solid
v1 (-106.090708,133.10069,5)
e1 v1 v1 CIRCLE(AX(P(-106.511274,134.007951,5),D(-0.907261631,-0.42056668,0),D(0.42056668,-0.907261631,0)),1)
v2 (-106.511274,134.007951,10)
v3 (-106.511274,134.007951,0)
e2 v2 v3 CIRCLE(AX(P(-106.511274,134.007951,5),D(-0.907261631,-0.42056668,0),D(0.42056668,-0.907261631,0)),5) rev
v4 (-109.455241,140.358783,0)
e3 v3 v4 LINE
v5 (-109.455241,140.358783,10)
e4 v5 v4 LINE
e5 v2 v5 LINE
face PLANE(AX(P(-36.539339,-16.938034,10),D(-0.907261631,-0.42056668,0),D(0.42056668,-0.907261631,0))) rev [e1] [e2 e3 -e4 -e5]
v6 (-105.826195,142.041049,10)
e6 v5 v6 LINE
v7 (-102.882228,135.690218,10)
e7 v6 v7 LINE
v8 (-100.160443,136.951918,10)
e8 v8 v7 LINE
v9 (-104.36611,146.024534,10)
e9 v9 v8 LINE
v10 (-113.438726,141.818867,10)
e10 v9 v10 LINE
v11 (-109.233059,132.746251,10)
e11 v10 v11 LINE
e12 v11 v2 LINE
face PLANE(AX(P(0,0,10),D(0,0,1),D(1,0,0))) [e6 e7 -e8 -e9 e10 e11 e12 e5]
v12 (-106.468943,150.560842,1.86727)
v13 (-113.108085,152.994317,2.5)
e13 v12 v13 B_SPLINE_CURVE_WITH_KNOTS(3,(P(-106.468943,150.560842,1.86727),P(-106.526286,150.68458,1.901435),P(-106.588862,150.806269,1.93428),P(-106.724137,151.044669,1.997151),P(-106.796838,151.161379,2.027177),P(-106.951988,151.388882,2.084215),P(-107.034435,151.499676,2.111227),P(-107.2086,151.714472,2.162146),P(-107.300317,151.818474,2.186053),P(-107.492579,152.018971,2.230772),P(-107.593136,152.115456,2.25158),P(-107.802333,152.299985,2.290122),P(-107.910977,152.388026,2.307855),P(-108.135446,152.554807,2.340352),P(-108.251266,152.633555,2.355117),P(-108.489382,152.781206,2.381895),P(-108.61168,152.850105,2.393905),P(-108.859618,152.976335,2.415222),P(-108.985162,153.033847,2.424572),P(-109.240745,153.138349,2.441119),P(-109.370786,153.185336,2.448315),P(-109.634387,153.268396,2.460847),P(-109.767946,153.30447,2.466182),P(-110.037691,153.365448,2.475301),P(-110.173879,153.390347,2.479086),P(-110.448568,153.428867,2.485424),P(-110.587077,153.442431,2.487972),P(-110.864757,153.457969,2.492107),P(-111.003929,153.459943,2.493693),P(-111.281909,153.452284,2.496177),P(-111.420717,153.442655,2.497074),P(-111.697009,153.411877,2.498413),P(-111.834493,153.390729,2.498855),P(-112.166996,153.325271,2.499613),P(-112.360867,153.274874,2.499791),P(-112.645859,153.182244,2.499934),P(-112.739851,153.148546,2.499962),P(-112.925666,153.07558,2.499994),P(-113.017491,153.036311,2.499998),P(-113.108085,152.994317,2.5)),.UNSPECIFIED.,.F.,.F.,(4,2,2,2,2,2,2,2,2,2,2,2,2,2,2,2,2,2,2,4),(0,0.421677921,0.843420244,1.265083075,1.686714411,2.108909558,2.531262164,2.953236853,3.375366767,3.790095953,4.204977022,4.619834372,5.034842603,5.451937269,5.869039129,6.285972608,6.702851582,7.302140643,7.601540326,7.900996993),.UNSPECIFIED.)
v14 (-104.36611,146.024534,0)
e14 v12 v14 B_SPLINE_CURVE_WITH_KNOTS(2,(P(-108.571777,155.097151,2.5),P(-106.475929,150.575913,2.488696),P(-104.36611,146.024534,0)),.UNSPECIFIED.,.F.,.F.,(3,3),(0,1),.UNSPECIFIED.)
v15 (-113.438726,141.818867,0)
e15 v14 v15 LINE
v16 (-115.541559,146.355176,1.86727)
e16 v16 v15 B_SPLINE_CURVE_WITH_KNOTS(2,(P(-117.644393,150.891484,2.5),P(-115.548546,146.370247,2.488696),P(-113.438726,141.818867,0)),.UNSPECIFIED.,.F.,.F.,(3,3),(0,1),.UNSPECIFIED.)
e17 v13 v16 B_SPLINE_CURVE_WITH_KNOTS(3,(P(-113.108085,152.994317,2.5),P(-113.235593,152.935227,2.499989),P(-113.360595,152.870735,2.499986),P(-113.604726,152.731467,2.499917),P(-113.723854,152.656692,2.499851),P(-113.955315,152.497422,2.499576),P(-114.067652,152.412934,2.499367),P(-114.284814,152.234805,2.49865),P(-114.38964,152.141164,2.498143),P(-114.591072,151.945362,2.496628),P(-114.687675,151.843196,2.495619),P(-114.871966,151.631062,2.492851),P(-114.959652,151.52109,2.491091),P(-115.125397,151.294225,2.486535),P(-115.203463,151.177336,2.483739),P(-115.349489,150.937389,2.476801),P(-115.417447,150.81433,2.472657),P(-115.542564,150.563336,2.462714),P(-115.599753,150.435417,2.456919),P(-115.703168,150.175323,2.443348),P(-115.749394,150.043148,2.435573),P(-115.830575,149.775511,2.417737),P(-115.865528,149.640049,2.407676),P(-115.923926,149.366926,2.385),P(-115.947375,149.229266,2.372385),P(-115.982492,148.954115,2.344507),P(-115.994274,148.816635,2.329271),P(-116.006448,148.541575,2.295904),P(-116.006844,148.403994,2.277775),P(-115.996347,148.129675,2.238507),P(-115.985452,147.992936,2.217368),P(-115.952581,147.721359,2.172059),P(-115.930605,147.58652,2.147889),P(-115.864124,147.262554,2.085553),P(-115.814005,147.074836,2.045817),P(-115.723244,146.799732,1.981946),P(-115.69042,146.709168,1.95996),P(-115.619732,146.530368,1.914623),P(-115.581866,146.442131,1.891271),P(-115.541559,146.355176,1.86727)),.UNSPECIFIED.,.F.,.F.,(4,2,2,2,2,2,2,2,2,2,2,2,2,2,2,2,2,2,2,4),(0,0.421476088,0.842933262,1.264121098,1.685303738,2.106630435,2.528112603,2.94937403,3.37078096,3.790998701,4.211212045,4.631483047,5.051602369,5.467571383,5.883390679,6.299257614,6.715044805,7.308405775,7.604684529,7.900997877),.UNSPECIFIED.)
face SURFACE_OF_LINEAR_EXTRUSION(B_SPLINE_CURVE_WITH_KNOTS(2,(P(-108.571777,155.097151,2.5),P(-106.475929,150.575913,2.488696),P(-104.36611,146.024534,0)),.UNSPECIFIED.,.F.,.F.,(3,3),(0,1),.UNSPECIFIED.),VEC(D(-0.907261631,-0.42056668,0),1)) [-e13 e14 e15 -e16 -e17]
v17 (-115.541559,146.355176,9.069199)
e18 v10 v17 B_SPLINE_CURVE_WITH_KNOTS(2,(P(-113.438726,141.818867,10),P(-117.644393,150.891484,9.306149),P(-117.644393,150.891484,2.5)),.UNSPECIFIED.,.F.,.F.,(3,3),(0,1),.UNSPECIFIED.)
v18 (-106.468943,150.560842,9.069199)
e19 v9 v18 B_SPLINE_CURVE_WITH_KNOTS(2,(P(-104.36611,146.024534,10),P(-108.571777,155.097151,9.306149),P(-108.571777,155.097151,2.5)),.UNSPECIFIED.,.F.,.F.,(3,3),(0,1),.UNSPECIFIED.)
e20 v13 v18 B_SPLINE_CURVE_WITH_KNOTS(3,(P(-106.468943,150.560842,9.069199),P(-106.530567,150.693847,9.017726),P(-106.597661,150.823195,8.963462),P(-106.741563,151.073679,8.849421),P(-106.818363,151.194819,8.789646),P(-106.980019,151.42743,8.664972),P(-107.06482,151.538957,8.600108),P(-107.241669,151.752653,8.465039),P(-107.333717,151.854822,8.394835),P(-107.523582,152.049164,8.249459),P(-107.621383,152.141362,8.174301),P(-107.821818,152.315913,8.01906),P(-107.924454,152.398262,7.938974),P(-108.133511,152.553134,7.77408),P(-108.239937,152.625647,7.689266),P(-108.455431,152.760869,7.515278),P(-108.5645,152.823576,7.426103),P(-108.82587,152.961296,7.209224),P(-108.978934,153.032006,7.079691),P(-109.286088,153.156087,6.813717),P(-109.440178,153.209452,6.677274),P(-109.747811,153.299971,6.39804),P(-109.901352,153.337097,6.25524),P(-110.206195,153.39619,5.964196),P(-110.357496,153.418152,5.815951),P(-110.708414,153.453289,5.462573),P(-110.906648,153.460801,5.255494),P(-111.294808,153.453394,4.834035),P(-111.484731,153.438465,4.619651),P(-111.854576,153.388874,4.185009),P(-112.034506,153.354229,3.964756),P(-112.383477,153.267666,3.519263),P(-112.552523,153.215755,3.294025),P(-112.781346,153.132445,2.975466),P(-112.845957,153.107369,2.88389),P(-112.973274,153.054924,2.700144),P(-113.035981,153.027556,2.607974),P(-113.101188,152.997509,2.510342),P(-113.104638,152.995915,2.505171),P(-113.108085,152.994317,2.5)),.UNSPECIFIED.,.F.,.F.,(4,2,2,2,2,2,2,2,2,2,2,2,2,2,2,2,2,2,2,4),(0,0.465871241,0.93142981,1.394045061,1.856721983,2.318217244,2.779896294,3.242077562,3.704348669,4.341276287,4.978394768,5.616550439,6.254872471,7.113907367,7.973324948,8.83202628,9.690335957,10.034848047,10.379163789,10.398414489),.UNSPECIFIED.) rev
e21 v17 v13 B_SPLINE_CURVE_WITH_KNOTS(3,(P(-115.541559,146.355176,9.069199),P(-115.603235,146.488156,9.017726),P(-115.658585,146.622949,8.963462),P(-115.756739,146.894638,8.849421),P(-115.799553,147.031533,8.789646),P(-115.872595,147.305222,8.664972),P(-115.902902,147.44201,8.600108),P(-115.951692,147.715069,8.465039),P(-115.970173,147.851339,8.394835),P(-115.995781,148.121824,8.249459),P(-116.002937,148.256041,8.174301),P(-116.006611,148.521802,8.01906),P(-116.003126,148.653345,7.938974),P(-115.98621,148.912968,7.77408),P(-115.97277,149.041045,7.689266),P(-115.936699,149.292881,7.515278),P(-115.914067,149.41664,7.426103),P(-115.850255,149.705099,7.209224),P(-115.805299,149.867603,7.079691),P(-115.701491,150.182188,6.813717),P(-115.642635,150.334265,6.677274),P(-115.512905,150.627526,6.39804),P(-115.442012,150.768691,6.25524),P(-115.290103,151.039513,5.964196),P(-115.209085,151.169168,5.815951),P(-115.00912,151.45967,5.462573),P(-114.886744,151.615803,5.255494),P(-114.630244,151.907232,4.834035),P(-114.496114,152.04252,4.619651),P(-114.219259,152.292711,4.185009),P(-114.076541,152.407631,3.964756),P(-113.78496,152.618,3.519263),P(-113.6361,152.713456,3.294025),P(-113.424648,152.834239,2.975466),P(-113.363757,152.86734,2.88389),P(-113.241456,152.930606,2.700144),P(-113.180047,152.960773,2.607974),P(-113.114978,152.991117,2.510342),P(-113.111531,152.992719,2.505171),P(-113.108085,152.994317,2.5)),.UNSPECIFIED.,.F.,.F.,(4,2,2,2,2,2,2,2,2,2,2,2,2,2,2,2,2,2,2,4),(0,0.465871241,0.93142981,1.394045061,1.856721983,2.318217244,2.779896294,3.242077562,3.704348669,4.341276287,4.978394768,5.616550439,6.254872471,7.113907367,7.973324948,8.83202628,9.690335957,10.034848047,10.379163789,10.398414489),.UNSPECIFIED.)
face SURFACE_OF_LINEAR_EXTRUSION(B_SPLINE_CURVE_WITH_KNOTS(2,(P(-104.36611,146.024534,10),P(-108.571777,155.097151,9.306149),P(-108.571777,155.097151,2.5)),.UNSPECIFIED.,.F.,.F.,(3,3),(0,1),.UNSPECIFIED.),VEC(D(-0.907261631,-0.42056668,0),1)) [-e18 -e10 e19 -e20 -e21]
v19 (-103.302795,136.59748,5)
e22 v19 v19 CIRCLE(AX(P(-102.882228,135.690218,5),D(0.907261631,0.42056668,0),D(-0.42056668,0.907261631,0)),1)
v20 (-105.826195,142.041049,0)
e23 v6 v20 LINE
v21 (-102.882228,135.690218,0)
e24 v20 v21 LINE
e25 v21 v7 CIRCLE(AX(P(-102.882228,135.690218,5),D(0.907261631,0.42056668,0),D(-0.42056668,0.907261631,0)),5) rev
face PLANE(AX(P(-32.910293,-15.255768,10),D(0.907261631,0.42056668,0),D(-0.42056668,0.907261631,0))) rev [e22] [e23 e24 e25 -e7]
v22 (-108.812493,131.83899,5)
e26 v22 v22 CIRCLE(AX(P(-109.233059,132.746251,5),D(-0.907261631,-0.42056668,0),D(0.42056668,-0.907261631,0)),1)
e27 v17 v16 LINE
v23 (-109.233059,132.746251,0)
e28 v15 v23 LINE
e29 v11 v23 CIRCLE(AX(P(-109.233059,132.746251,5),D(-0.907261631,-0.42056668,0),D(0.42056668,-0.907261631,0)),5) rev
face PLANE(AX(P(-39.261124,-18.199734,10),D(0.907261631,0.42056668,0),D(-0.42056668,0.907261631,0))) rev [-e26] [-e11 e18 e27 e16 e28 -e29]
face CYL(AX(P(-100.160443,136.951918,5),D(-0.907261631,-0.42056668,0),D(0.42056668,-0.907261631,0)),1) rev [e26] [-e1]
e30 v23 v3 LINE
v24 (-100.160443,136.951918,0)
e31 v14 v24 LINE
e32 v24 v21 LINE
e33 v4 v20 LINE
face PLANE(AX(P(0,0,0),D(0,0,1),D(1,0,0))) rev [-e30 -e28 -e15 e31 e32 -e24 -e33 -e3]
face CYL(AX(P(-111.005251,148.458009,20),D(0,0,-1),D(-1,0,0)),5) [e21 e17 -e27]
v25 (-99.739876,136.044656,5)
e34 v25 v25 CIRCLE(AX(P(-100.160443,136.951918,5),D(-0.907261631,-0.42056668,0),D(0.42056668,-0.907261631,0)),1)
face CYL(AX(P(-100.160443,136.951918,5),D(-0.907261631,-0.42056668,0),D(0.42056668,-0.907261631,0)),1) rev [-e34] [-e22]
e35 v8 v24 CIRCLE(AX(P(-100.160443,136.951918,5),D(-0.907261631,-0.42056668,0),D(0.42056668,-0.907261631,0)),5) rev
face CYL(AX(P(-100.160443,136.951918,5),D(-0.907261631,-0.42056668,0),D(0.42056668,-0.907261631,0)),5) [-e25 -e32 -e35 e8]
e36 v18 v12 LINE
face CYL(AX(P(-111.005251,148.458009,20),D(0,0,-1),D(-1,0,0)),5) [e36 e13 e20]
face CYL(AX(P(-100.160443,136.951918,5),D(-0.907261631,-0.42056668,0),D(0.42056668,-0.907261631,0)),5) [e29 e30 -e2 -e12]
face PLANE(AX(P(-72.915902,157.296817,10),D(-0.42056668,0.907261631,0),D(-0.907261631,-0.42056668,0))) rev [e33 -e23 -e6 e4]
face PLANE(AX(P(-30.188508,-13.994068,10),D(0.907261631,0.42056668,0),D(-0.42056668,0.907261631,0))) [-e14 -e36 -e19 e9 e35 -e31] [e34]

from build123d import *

# Parameters (mm, degrees)
BOSS_EXTRU_1_DEPTH      = 10
ESQUISSE2_R             = 1
ENL_V_MAT_EXTRU_1_DEPTH = 10
ENL_V_MAT_EXTRU_3_DEPTH = 20


with BuildPart() as part:
    # Esquisse1 → Boss.-Extru.1 (new body)
    with BuildSketch(Plane.XY):
        Polygon((-108.571776559, 155.097150605), (-117.644392871, 150.891483803), (-107.130225868, 128.209943022), (-104.408440974, 129.471643062), (-109.455241136, 140.358782637), (-105.826194611, 142.041049358), (-100.779394449, 131.153909783), (-98.057609555, 132.415609823), align=None)
    extrude(amount=BOSS_EXTRU_1_DEPTH)

    # Esquisse2 → Enlèv. mat.-Extru.1 (cut)
    with BuildSketch(Plane(origin=(-39.261124148, -18.199734313, 0), x_dir=(0, 0, 1), z_dir=(-0.9072616312569987, -0.4205666801458358, 0))):
        with BuildLine():
            Line((2.5, 186.375365486), (0, 186.375365486))
            Line((0, 186.375365486), (0, 176.375365486))
            add(Edge.make_bspline(
                [(2.5, 186.375365486), (2.488696379, 181.391976925), (0, 176.375365486)],
                knots=[0, 0, 0, 1, 1, 1], degree=2))
        make_face()
        with BuildLine():
            Line((10, 186.375365486), (2.5, 186.375365486))
            add(Edge.make_bspline(
                [(10, 176.375365486), (9.306148512, 186.375365486), (2.5, 186.375365486)],
                knots=[0, 0, 0, 1, 1, 1], degree=2))
            Line((10, 176.375365486), (10, 186.375365486))
        make_face()
        with BuildLine():
            ThreePointArc((5, 161.375365486), (1.464466094, 162.83983158), (0, 166.375365486))
            Line((0, 166.375365486), (0, 161.375365486))
            Line((0, 161.375365486), (5, 161.375365486))
        make_face()
        with BuildLine():
            Line((10, 161.375365486), (10, 166.375365486))
            ThreePointArc((10, 166.375365486), (8.535533906, 162.83983158), (5, 161.375365486))
            Line((5, 161.375365486), (10, 161.375365486))
        make_face()
        with Locations(Location((5, 166.375365486, 0), (0, 0, 270))):
            Circle(ESQUISSE2_R)
    extrude(amount=-ENL_V_MAT_EXTRU_1_DEPTH, mode=Mode.SUBTRACT)

    # Esquisse4 → Enlèv. mat.-Extru.3 (cut)
    with BuildSketch(Plane(origin=(0, 0, 0), x_dir=(-1, 0, 0), z_dir=(0, 0, -1))):
        with BuildLine():
            Line((113.108084486, 152.99431731), (108.571776559, 155.097150605))
            Line((108.571776559, 155.097150605), (106.468943158, 150.560842448))
            ThreePointArc((106.468943158, 150.560842448), (109.284524694, 153.15259102), (113.108084486, 152.99431731))
        make_face()
        with BuildLine():
            Line((117.644392871, 150.891483803), (113.108084486, 152.99431731))
            ThreePointArc((113.108084486, 152.99431731), (115.699833287, 150.178735668), (115.541559471, 146.355175647))
            Line((115.541559471, 146.355175647), (117.644392871, 150.891483803))
        make_face()
    extrude(amount=-ENL_V_MAT_EXTRU_3_DEPTH, mode=Mode.SUBTRACT)


solid = part.part
